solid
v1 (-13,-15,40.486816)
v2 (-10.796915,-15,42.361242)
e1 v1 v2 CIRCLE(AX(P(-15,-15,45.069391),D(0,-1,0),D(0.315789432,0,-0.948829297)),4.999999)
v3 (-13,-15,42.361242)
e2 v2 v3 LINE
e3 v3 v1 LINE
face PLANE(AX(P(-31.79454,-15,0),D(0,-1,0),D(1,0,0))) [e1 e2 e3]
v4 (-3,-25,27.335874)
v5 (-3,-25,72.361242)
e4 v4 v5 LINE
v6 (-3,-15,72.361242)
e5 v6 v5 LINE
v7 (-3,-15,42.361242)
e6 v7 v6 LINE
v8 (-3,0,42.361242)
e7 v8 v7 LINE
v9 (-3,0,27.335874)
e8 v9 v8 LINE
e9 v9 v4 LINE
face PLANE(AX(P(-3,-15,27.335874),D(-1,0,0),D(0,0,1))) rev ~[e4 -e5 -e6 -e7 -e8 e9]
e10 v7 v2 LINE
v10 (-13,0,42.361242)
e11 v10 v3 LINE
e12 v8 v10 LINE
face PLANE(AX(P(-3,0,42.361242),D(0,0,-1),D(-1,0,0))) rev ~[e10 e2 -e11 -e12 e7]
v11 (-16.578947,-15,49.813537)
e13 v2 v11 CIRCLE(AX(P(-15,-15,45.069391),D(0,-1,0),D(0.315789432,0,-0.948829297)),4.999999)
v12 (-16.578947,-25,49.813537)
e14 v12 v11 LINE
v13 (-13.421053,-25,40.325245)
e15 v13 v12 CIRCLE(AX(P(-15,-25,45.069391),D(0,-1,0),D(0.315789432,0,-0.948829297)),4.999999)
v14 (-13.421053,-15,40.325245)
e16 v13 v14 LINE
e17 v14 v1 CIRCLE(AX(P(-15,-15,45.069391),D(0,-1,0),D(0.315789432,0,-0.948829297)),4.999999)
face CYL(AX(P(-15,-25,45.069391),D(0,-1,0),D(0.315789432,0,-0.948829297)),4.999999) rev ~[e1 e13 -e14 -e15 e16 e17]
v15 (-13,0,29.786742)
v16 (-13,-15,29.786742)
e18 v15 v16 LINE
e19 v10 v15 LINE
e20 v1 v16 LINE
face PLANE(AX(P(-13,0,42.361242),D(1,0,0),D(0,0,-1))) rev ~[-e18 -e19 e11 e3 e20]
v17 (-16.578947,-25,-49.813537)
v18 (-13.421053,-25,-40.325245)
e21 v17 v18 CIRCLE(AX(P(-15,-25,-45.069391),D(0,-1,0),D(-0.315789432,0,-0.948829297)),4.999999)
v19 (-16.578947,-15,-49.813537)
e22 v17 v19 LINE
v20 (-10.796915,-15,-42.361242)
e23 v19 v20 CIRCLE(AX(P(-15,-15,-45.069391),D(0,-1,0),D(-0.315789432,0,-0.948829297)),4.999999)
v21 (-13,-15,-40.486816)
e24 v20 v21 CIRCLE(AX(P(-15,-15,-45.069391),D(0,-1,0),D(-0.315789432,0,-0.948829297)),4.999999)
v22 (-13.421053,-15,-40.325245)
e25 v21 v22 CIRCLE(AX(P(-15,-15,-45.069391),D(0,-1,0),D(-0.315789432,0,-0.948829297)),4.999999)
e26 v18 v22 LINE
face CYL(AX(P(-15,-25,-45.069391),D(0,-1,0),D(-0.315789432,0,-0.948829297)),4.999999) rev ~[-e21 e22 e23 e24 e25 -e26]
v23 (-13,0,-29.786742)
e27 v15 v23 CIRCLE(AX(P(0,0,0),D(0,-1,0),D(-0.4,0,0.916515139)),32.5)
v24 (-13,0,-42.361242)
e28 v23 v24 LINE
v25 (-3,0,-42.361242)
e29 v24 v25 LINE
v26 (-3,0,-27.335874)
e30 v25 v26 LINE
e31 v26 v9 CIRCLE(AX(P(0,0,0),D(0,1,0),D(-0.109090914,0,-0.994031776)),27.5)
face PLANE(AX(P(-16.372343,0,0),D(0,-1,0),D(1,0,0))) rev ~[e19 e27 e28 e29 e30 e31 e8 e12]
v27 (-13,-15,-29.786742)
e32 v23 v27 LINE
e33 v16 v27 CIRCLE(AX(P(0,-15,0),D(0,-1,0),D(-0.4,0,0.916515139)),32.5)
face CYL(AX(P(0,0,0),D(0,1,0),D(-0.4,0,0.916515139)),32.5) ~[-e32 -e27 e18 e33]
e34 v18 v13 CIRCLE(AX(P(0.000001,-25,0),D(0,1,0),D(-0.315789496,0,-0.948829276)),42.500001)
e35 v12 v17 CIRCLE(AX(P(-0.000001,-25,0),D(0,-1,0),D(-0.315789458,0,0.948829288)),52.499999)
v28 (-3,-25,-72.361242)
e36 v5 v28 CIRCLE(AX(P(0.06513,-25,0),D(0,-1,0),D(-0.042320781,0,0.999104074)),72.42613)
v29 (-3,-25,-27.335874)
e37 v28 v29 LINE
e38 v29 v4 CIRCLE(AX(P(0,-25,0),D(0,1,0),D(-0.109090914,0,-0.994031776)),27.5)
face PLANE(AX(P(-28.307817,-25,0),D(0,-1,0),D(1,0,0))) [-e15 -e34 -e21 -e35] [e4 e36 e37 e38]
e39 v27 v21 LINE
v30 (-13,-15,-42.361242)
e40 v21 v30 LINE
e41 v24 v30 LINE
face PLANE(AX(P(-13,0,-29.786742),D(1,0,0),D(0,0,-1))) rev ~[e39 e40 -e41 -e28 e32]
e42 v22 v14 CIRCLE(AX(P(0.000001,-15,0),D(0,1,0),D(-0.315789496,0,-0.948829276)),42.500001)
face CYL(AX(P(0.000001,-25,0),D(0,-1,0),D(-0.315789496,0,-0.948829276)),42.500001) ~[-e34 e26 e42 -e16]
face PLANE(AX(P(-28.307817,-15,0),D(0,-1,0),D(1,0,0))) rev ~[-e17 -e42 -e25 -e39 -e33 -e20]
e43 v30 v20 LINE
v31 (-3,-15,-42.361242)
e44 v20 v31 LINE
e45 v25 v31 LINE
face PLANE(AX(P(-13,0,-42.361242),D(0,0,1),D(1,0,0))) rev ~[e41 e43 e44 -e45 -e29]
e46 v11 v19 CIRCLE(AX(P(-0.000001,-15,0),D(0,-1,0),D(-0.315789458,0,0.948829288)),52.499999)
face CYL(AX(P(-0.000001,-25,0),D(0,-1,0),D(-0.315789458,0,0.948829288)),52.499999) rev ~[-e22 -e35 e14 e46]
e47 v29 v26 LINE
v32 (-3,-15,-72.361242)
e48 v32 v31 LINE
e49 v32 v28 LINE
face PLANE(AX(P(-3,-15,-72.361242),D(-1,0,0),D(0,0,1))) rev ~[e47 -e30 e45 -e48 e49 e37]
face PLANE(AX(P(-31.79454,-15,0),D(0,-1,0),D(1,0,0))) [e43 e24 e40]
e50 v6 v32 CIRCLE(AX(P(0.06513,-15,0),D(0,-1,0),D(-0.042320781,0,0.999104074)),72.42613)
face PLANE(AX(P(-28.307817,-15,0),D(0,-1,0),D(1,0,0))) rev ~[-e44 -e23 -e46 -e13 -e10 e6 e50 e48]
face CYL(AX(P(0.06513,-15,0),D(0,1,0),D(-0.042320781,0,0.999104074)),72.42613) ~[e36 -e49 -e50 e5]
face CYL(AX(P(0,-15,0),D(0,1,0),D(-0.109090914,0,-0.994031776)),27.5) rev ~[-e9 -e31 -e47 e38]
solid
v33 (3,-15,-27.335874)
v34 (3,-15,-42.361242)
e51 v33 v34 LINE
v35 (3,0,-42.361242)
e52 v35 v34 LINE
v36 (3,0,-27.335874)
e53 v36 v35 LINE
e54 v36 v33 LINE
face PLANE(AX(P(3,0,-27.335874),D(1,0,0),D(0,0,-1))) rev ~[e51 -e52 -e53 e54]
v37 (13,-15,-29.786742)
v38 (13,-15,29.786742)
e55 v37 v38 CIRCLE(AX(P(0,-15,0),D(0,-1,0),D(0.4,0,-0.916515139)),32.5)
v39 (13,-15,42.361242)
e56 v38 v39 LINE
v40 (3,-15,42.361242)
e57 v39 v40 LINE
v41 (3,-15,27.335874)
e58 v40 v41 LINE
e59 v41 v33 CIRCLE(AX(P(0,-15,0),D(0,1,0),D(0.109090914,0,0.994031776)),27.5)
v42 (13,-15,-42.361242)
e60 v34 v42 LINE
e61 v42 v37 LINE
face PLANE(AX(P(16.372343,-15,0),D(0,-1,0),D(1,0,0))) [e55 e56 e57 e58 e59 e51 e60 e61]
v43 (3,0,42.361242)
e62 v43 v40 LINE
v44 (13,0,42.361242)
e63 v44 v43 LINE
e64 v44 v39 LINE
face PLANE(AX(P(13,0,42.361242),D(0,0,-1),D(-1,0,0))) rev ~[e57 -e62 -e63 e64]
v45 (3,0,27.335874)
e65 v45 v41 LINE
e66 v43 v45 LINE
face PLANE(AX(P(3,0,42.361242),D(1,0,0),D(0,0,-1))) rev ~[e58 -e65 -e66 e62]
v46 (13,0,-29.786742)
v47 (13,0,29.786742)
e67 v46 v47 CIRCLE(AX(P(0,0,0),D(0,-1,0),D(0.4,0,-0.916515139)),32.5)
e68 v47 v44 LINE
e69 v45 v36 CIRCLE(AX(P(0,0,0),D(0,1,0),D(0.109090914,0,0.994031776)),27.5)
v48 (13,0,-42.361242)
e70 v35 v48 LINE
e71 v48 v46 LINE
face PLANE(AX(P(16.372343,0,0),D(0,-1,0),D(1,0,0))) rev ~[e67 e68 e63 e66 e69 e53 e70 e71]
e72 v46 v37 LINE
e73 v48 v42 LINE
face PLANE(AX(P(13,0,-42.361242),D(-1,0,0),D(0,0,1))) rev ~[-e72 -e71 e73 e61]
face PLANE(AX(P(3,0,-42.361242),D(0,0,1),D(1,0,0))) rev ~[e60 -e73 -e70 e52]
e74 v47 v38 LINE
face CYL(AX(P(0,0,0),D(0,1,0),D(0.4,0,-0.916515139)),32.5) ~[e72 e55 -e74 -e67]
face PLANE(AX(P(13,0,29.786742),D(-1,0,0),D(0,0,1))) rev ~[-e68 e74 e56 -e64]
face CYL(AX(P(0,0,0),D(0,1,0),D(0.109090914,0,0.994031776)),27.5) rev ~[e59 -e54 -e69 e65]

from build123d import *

# Parameters (mm, degrees)
F1_DEPTH = 15
F3_DEPTH = 10
F5_DEPTH = 10


with BuildPart() as f1:
    # F0 (on Front) → F1 (new body)
    with BuildSketch(Plane.XZ):
        with BuildLine():
            ThreePointArc((-3, -27.335874), (-27.5, 0), (-3, 27.335874))
            Line((-3, 27.335874), (-3, 32.361242))
            Line((-3, 32.361242), (-3, 42.361242))
            Line((-3, 42.361242), (-13, 42.361242))
            Line((-13, 42.361242), (-13, 29.786742))
            ThreePointArc((-13, 29.786742), (-32.5, 0), (-13, -29.786742))
            Line((-13, -29.786742), (-13, -42.361242))
            Line((-13, -42.361242), (-3, -42.361242))
            Line((-3, -42.361242), (-3, -32.361242))
            Line((-3, -32.361242), (-3, -27.335874))
        make_face()
        with BuildLine():
            Line((3, 42.361242), (3, 32.361242))
            Line((3, 32.361242), (3, 27.335874))
            ThreePointArc((3, 27.335874), (27.5, 0), (3, -27.335874))
            Line((3, -27.335874), (3, -32.361242))
            Line((3, -32.361242), (3, -42.361242))
            Line((3, -42.361242), (13, -42.361242))
            Line((13, -42.361242), (13, -29.786742))
            ThreePointArc((13, -29.786742), (32.5, 0), (13, 29.786742))
            Line((13, 29.786742), (13, 42.361242))
            Line((13, 42.361242), (3, 42.361242))
        make_face()
    extrude(amount=F1_DEPTH)

    # F2 (on face) → F3 (join)
    with BuildSketch(Plane.XZ.offset(15)):
        with BuildLine():
            ThreePointArc((-3, -27.335874), (-27.5, 0), (-3, 27.335874))
            Line((-3, 27.335874), (-3, 42.361242))
            Line((-3, 42.361242), (-3, 72.361242))
            ThreePointArc((-3, 72.361242), (-72.361, 0), (-3, -72.361242))
            Line((-3, -72.361242), (-3, -42.361242))
            Line((-3, -42.361242), (-3, -27.335874))
        make_face()
    extrude(amount=F3_DEPTH)

    # F4 (on face) → F5 (cut)
    with BuildSketch(Plane.XZ.offset(25)):
        with BuildLine():
            ThreePointArc((-13.421053, 40.325245), (-10.255854, 46.648338), (-16.578947, 49.813537))
            ThreePointArc((-16.578947, 49.813537), (-52.5, 0), (-16.578947, -49.813537))
            ThreePointArc((-16.578947, -49.813537), (-10.255854, -46.648338), (-13.421053, -40.325245))
            ThreePointArc((-13.421053, -40.325245), (-42.5, 0), (-13.421053, 40.325245))
        make_face()
    extrude(amount=-F5_DEPTH, mode=Mode.SUBTRACT)


solid = f1.part
